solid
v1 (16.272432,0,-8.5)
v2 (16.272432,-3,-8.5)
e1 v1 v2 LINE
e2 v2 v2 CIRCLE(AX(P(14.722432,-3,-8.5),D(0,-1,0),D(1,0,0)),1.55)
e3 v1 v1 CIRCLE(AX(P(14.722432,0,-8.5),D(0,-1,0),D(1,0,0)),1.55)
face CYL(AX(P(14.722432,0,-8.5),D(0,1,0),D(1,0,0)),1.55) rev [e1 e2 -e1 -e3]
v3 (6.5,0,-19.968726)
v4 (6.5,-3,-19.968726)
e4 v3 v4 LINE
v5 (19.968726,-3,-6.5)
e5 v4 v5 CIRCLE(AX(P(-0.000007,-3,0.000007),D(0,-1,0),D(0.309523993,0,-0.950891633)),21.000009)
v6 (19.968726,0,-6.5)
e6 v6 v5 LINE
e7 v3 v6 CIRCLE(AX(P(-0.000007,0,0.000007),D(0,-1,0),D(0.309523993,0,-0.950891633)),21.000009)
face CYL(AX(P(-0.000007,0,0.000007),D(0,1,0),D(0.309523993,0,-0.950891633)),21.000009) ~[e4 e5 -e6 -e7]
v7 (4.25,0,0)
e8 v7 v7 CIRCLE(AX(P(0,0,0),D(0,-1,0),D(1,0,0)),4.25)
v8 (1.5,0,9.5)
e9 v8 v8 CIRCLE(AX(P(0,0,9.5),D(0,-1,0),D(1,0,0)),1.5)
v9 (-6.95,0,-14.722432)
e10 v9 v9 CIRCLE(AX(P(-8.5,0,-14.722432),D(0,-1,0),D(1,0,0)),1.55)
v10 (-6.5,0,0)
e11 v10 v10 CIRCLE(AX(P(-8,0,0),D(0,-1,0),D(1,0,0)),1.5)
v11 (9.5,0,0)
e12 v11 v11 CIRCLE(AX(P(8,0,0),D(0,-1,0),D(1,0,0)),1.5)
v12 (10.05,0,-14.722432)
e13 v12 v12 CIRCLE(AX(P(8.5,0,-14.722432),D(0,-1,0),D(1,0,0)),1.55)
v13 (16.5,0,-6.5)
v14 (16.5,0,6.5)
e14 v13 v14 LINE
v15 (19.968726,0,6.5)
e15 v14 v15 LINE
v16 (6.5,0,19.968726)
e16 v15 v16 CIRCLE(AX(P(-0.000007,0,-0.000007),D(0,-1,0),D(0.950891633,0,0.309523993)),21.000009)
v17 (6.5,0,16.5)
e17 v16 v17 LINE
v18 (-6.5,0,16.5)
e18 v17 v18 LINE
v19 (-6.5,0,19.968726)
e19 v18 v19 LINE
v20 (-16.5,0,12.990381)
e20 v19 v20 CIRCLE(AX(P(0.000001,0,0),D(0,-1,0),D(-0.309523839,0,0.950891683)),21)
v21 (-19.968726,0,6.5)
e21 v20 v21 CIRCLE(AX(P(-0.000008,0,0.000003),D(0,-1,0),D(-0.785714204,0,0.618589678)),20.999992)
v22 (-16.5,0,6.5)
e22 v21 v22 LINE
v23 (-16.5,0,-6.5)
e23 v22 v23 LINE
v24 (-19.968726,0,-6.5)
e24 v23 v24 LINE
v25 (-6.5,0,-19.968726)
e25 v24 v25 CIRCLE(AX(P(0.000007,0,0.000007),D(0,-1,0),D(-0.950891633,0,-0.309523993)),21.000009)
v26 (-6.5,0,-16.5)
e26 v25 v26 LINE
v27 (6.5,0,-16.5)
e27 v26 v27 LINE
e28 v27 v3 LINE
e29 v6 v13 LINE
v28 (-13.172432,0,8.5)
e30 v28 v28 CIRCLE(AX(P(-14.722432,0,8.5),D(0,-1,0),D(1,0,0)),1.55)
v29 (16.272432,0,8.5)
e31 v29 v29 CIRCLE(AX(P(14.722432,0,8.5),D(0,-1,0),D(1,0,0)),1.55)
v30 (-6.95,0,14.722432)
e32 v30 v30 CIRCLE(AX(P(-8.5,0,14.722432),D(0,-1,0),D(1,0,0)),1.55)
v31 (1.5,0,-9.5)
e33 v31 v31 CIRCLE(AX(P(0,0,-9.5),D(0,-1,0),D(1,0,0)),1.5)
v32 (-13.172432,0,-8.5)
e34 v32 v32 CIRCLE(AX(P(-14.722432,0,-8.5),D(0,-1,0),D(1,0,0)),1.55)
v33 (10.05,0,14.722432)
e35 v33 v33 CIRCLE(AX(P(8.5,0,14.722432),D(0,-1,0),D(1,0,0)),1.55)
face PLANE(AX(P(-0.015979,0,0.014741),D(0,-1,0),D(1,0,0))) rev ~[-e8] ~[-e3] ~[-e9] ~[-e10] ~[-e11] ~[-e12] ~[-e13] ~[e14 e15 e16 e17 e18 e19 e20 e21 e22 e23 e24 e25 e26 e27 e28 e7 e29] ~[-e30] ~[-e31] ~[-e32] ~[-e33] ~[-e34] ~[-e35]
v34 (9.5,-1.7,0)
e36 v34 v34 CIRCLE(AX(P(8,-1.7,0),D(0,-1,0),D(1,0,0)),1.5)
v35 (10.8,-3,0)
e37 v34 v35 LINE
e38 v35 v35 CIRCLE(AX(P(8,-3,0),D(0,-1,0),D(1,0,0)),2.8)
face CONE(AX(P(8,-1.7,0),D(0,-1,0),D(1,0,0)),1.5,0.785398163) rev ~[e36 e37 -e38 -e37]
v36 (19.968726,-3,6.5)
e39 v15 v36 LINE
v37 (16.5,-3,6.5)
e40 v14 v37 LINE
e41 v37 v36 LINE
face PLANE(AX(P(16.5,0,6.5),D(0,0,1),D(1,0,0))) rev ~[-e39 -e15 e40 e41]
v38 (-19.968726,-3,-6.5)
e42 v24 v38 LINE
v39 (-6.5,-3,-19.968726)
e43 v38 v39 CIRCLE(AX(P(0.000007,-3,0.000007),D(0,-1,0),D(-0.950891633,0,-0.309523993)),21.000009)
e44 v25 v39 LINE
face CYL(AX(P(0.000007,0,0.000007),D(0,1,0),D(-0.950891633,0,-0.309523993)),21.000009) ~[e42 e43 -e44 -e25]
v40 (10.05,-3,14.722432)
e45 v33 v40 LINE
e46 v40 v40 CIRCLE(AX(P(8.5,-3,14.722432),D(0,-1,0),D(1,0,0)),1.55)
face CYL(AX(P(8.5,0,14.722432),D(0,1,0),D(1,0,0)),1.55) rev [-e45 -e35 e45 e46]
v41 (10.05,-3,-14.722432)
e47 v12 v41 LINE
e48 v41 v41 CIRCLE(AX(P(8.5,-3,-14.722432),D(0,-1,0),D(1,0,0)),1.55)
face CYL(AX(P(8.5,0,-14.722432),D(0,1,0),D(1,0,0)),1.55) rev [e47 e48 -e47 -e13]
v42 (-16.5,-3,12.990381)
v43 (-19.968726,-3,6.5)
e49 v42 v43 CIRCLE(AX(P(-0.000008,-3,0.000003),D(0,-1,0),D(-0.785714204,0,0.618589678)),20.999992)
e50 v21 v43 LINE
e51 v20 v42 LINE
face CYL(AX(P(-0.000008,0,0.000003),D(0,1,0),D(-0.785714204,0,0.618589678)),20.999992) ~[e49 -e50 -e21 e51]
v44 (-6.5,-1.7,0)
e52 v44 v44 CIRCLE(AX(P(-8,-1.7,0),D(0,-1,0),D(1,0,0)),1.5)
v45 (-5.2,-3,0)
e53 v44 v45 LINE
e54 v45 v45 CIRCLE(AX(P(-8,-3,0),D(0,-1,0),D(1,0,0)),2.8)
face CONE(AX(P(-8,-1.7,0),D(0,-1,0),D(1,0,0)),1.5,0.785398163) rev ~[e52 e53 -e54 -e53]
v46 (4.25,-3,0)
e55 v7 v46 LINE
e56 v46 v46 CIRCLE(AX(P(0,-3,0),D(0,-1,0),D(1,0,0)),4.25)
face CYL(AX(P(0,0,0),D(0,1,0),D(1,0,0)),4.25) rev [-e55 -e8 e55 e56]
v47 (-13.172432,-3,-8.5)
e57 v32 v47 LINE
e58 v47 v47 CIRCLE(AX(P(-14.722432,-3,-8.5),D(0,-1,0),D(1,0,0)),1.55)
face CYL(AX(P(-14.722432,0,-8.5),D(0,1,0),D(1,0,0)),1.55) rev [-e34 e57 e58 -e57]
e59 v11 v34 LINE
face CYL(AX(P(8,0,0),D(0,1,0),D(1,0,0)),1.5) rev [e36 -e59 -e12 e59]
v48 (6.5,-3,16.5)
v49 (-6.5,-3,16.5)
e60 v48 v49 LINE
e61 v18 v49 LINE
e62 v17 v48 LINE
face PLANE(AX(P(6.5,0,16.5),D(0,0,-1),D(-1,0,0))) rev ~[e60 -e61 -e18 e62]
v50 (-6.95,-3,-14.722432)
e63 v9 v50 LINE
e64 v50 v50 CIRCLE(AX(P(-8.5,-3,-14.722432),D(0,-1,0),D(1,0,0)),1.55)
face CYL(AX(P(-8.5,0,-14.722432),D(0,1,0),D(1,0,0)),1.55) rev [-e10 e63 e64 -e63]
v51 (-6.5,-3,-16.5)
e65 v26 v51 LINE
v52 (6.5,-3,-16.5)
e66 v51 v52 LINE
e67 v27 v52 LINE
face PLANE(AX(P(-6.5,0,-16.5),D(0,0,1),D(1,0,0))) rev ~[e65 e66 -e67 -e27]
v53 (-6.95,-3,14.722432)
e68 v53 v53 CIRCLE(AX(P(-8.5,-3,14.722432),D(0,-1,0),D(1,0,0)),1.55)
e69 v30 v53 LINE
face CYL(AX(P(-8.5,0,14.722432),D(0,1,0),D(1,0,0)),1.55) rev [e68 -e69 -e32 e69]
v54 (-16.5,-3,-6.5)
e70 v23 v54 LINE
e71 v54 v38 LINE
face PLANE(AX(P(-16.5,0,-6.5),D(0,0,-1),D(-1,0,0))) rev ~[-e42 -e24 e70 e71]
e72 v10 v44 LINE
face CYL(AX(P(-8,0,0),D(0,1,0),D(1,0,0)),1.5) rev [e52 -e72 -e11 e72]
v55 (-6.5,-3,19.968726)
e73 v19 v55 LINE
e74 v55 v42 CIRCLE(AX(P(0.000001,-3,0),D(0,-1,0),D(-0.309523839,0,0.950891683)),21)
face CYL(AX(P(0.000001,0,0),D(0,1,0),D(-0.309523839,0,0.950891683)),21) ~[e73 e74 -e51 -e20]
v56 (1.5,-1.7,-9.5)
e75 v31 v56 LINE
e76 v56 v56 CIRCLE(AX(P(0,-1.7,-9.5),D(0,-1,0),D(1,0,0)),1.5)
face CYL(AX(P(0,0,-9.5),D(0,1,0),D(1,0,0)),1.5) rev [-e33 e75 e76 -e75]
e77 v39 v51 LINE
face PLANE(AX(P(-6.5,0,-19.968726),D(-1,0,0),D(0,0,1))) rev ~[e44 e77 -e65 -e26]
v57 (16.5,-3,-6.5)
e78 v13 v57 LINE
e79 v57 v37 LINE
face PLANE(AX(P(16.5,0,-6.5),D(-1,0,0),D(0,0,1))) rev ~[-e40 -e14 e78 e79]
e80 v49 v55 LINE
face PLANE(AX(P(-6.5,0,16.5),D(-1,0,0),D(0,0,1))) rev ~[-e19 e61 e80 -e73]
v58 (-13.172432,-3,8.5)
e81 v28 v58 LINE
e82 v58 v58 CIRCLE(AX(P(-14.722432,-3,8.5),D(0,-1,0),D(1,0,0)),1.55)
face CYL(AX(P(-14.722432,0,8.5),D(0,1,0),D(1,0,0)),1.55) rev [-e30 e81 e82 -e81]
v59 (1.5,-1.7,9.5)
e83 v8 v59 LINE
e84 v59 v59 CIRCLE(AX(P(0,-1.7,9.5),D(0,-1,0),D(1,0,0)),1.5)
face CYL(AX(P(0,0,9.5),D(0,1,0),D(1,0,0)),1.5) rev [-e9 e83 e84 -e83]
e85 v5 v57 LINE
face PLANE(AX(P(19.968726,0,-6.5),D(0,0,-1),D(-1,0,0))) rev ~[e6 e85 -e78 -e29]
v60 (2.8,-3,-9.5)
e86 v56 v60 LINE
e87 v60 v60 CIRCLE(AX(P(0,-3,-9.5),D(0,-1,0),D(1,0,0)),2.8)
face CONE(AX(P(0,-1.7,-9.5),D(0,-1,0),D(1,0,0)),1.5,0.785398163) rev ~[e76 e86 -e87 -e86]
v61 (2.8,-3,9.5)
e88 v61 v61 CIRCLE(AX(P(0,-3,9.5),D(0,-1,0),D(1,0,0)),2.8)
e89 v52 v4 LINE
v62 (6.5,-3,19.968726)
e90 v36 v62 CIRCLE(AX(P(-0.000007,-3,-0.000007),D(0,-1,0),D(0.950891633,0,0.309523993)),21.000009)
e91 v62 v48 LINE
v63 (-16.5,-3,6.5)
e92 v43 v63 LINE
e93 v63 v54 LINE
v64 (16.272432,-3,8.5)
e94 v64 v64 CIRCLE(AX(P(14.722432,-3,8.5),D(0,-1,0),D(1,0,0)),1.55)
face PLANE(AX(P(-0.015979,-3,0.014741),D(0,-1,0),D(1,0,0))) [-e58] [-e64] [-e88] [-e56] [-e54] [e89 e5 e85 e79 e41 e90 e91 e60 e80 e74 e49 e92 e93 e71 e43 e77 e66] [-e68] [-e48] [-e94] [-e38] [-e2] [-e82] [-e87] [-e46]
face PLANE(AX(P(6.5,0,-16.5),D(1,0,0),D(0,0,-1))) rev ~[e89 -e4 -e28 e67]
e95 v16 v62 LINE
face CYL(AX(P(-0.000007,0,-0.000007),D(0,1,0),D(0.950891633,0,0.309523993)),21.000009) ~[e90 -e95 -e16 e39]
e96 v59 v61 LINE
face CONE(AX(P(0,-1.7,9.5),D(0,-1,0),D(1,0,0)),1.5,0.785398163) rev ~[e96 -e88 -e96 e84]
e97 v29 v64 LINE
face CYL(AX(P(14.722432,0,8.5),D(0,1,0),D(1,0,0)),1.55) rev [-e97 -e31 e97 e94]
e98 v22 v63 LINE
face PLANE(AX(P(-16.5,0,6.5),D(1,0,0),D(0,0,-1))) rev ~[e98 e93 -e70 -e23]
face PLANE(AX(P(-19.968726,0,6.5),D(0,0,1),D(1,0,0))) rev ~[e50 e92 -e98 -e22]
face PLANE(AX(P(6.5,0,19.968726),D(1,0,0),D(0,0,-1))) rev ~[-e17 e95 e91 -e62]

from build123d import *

# Parameters (mm, degrees)
F0_R     = 1.55
F0_R_2   = 1.5
F0_R_3   = 4.25
F1_DEPTH = 3
F2_SIZE  = 1.3


with BuildPart() as f1:
    # F0 (on Front) → F1 (new body)
    with BuildSketch(Plane.XZ):
        with BuildLine():
            Line((-16.5, -6.5), (-19.968726, -6.5))
            ThreePointArc((-19.968726, -6.5), (-14.849242, -14.849242), (-6.5, -19.968726))
            Line((-6.5, -19.968726), (-6.5, -16.5))
            Line((-6.5, -16.5), (0, -16.5))
            Line((0, -16.5), (6.5, -16.5))
            Line((6.5, -16.5), (6.5, -19.968726))
            ThreePointArc((6.5, -19.968726), (14.849242, -14.849242), (19.968726, -6.5))
            Line((19.968726, -6.5), (16.5, -6.5))
            Line((16.5, -6.5), (16.5, 0))
            Line((16.5, 0), (16.5, 6.5))
            Line((16.5, 6.5), (19.968726, 6.5))
            ThreePointArc((19.968726, 6.5), (14.849242, 14.849242), (6.5, 19.968726))
            Line((6.5, 19.968726), (6.5, 16.5))
            Line((6.5, 16.5), (0, 16.5))
            Line((0, 16.5), (-6.5, 16.5))
            Line((-6.5, 16.5), (-6.5, 19.968726))
            ThreePointArc((-6.5, 19.968726), (-12.017667, 17.221373), (-16.5, 12.990381))
            ThreePointArc((-16.5, 12.990381), (-18.520887, 9.898321), (-19.968726, 6.5))
            Line((-19.968726, 6.5), (-16.5, 6.5))
            Line((-16.5, 6.5), (-16.5, 0))
            Line((-16.5, 0), (-16.5, -6.5))
        make_face()
        with Locations((-8.5, -14.722432)):
            Circle(F0_R, mode=Mode.SUBTRACT)
        with Locations((-14.722432, -8.5)):
            Circle(F0_R, mode=Mode.SUBTRACT)
        with Locations((8.5, -14.722432)):
            Circle(F0_R, mode=Mode.SUBTRACT)
        with Locations((0, -9.5)):
            Circle(F0_R_2, mode=Mode.SUBTRACT)
        with Locations((14.722432, -8.5)):
            Circle(F0_R, mode=Mode.SUBTRACT)
        with Locations((-14.722432, 8.5)):
            Circle(F0_R, mode=Mode.SUBTRACT)
        with Locations((-8, 0)):
            Circle(F0_R_2, mode=Mode.SUBTRACT)
        with Locations((-8.5, 14.722432)):
            Circle(F0_R, mode=Mode.SUBTRACT)
        Circle(F0_R_3, mode=Mode.SUBTRACT)
        with Locations((8, 0)):
            Circle(F0_R_2, mode=Mode.SUBTRACT)
        with Locations((0, 9.5)):
            Circle(F0_R_2, mode=Mode.SUBTRACT)
        with Locations((14.722432, 8.5)):
            Circle(F0_R, mode=Mode.SUBTRACT)
        with Locations((8.5, 14.722432)):
            Circle(F0_R, mode=Mode.SUBTRACT)
    extrude(amount=F1_DEPTH)

    # F2
    f2_edges = [f1.edges().sort_by_distance(p)[0] for p in [
        (-1.5, -3, 9.5),
        (-9.5, -3, 0),
        (6.5, -3, 0),
        (-1.5, -3, -9.5),
    ]]
    chamfer(f2_edges, length=F2_SIZE)


solid = f1.part
